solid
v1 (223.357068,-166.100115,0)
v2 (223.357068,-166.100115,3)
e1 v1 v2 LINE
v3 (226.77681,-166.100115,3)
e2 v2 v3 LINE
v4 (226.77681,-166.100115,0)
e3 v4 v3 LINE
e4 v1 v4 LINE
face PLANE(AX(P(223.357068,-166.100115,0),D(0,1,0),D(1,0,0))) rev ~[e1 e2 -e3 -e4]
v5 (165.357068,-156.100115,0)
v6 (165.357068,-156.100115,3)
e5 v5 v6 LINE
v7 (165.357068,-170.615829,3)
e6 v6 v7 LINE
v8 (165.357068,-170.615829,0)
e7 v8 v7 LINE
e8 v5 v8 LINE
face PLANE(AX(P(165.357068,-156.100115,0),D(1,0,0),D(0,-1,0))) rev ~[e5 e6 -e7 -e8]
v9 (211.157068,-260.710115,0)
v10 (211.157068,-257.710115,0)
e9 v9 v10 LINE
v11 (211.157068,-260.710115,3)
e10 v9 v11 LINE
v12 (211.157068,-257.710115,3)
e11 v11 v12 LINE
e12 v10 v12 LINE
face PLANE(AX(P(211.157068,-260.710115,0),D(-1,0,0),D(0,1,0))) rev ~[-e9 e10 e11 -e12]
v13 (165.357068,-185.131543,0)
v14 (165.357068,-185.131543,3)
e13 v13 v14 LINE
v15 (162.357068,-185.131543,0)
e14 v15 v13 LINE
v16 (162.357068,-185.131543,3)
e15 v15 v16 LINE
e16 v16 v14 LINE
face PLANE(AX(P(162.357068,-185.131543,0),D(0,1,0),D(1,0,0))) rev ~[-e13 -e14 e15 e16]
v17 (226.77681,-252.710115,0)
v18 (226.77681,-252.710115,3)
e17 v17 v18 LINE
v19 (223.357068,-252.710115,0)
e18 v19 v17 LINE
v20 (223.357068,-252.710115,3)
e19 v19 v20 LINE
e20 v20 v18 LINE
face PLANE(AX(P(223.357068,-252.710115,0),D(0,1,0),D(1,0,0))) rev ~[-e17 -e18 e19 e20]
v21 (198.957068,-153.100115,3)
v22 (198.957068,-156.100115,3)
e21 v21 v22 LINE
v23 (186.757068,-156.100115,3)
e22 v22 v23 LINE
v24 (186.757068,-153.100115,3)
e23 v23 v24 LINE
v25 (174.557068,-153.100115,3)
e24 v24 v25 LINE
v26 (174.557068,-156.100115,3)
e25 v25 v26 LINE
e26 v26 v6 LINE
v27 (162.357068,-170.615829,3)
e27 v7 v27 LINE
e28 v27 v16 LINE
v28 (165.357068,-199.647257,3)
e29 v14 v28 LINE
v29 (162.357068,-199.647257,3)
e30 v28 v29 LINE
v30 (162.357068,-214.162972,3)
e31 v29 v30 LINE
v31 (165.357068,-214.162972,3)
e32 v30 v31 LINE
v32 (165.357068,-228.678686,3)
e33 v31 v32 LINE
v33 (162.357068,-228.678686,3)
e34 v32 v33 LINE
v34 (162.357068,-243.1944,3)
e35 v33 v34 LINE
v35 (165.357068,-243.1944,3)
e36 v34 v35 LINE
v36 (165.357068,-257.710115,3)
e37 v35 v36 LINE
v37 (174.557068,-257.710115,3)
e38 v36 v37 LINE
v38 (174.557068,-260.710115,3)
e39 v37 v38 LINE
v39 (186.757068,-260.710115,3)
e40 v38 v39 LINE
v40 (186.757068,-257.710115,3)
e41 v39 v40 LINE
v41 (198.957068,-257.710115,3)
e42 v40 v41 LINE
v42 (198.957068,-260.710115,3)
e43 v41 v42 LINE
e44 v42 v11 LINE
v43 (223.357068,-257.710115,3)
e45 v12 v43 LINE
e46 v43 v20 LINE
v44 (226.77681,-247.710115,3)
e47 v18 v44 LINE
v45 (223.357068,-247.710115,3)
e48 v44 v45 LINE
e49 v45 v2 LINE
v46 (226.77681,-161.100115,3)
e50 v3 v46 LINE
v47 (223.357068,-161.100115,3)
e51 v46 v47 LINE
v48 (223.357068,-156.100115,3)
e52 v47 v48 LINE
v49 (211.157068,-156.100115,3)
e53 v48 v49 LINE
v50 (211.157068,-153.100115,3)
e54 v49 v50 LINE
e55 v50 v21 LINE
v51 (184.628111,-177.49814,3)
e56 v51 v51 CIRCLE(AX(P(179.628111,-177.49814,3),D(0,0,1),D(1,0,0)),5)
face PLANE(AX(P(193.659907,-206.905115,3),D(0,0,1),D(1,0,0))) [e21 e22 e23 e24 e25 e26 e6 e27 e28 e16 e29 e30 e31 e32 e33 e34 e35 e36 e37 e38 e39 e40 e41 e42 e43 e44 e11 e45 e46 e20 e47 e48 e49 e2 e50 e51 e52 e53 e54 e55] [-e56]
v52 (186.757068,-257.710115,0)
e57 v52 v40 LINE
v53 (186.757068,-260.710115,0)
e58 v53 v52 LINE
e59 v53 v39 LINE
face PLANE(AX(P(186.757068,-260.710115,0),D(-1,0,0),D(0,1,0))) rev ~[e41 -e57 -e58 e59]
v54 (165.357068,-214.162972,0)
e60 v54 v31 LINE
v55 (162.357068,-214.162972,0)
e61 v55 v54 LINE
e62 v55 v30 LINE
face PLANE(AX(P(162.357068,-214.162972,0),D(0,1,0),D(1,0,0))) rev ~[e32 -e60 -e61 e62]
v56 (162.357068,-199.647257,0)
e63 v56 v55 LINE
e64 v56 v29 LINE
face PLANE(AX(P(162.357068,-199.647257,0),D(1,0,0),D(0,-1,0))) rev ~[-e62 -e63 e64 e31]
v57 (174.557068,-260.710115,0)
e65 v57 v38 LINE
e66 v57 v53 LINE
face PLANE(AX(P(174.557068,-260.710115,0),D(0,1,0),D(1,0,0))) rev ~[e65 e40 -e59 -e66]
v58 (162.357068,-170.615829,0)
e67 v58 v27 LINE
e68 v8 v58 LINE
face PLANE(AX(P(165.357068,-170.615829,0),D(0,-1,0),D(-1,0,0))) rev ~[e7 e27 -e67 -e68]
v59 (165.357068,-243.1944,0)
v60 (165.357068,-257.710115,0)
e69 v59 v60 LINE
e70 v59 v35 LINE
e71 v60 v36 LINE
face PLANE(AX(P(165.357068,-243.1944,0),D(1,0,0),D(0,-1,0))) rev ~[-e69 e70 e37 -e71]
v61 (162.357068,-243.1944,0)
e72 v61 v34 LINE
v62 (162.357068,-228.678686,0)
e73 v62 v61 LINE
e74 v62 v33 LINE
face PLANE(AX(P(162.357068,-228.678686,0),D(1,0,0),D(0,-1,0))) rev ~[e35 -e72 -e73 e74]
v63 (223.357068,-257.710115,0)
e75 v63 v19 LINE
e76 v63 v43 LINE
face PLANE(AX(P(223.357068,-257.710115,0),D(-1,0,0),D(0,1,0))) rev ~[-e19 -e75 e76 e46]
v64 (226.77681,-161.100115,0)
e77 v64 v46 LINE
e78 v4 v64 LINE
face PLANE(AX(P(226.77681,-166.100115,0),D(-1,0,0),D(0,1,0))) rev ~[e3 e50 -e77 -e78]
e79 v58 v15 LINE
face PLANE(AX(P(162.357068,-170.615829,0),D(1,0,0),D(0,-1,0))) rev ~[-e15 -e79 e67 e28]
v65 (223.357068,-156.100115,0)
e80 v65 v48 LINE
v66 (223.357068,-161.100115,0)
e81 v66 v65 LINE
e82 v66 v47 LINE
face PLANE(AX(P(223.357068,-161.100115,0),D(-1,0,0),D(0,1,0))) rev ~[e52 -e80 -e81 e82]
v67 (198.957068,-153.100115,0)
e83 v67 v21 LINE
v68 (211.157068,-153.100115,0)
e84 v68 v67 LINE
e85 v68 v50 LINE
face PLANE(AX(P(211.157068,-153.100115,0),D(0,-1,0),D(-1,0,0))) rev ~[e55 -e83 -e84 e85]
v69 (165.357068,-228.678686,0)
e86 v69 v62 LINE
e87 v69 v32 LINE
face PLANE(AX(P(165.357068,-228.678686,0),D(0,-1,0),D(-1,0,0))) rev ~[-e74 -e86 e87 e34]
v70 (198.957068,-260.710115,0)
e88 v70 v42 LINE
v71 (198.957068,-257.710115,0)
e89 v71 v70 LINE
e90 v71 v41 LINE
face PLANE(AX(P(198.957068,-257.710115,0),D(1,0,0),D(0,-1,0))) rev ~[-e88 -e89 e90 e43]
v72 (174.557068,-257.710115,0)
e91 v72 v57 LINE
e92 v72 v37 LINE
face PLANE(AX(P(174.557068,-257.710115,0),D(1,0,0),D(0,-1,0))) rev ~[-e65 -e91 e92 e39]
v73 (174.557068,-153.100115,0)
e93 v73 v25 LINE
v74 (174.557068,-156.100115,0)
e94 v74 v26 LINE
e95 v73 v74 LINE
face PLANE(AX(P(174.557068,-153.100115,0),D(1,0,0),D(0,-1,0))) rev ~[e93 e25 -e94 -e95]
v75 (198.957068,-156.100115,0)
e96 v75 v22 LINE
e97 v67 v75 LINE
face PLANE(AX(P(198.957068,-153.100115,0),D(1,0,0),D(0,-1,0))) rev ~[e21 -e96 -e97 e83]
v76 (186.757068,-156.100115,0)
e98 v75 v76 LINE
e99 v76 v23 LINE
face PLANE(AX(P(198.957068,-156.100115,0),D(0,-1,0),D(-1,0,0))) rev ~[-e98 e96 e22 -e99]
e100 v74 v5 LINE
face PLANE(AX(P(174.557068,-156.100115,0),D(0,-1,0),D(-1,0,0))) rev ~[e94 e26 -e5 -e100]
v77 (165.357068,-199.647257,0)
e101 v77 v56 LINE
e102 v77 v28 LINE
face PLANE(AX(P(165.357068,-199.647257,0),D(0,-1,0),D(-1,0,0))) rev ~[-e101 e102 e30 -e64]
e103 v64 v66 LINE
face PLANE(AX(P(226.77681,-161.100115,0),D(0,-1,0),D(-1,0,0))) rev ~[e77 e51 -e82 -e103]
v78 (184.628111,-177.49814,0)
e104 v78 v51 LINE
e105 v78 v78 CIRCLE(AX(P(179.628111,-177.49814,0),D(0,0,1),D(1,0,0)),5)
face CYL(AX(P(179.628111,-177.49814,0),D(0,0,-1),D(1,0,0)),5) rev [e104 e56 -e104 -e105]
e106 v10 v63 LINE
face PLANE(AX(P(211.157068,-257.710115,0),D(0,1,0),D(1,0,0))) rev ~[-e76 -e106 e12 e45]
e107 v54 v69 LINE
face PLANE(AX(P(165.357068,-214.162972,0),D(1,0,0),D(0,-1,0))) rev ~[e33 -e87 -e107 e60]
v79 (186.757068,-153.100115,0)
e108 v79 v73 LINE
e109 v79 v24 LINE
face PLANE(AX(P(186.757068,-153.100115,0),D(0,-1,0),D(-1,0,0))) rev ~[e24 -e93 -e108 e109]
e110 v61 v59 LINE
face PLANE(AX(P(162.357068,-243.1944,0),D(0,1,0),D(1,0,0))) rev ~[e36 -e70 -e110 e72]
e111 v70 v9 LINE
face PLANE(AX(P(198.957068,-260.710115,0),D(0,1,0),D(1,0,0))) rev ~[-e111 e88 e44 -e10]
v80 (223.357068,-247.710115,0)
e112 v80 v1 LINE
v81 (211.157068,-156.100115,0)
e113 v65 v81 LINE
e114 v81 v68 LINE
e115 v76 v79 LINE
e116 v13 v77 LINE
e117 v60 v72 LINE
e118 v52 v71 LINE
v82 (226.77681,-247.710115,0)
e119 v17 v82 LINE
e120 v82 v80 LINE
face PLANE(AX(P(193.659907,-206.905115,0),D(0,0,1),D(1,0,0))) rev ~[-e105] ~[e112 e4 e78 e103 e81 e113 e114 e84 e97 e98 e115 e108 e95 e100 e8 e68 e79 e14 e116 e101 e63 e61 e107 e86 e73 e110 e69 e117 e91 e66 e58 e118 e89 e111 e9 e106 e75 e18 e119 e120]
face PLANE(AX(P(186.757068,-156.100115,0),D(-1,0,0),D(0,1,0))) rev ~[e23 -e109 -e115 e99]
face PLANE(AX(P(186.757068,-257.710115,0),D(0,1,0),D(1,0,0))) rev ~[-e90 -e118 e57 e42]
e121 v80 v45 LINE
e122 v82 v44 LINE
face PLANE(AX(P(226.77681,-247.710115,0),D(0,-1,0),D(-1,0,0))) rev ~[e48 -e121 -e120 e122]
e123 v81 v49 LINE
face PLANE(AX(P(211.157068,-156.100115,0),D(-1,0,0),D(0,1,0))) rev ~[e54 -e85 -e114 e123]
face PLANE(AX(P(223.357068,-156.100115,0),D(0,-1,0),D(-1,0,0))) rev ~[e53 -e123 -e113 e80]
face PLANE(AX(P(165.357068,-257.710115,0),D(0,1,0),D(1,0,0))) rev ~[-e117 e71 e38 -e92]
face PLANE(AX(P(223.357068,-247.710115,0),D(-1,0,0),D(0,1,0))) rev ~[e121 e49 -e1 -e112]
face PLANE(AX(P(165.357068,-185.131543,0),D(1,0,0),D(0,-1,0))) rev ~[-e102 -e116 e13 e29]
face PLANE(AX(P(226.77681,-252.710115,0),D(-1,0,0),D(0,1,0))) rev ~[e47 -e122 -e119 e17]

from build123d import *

# Parameters (mm, degrees)
CROQUIS1_R              = 5
SALIENTE_EXTRUIR1_DEPTH = 3


with BuildPart() as part:
    # Croquis1 → Saliente-Extruir1 (new body)
    with BuildSketch(Plane.XY):
        Polygon((174.557067775, -156.100114598), (165.357067775, -156.100114598), (165.357067775, -170.615828883), (162.357067775, -170.615828883), (162.357067775, -185.131543169), (165.357067775, -185.131543169), (165.357067775, -199.647257455), (162.357067775, -199.647257455), (162.357067775, -214.162971741), (165.357067775, -214.162971741), (165.357067775, -228.678686026), (162.357067775, -228.678686026), (162.357067775, -243.194400312), (165.357067775, -243.194400312), (165.357067775, -257.710114598), (174.557067775, -257.710114598), (174.557067775, -260.710114598), (186.757067775, -260.710114598), (186.757067775, -257.710114598), (198.957067775, -257.710114598), (198.957067775, -260.710114598), (211.157067775, -260.710114598), (211.157067775, -257.710114598), (223.357067775, -257.710114598), (223.357067775, -252.710114598), (226.776809623, -252.710114598), (226.776809623, -247.710114598), (223.357067775, -247.710114598), (223.357067775, -170.615828883), (223.357067775, -166.100114598), (226.776809623, -166.100114598), (226.776809623, -161.100114598), (223.357067775, -161.100114598), (223.357067775, -156.100114598), (211.157067775, -156.100114598), (211.157067775, -153.100114598), (198.957067775, -153.100114598), (198.957067775, -156.100114598), (186.757067775, -156.100114598), (186.757067775, -153.100114598), (174.557067775, -153.100114598), align=None)
        with Locations((179.628110515, -177.498140377)):
            Circle(CROQUIS1_R, mode=Mode.SUBTRACT)
    extrude(amount=SALIENTE_EXTRUIR1_DEPTH)


solid = part.part
